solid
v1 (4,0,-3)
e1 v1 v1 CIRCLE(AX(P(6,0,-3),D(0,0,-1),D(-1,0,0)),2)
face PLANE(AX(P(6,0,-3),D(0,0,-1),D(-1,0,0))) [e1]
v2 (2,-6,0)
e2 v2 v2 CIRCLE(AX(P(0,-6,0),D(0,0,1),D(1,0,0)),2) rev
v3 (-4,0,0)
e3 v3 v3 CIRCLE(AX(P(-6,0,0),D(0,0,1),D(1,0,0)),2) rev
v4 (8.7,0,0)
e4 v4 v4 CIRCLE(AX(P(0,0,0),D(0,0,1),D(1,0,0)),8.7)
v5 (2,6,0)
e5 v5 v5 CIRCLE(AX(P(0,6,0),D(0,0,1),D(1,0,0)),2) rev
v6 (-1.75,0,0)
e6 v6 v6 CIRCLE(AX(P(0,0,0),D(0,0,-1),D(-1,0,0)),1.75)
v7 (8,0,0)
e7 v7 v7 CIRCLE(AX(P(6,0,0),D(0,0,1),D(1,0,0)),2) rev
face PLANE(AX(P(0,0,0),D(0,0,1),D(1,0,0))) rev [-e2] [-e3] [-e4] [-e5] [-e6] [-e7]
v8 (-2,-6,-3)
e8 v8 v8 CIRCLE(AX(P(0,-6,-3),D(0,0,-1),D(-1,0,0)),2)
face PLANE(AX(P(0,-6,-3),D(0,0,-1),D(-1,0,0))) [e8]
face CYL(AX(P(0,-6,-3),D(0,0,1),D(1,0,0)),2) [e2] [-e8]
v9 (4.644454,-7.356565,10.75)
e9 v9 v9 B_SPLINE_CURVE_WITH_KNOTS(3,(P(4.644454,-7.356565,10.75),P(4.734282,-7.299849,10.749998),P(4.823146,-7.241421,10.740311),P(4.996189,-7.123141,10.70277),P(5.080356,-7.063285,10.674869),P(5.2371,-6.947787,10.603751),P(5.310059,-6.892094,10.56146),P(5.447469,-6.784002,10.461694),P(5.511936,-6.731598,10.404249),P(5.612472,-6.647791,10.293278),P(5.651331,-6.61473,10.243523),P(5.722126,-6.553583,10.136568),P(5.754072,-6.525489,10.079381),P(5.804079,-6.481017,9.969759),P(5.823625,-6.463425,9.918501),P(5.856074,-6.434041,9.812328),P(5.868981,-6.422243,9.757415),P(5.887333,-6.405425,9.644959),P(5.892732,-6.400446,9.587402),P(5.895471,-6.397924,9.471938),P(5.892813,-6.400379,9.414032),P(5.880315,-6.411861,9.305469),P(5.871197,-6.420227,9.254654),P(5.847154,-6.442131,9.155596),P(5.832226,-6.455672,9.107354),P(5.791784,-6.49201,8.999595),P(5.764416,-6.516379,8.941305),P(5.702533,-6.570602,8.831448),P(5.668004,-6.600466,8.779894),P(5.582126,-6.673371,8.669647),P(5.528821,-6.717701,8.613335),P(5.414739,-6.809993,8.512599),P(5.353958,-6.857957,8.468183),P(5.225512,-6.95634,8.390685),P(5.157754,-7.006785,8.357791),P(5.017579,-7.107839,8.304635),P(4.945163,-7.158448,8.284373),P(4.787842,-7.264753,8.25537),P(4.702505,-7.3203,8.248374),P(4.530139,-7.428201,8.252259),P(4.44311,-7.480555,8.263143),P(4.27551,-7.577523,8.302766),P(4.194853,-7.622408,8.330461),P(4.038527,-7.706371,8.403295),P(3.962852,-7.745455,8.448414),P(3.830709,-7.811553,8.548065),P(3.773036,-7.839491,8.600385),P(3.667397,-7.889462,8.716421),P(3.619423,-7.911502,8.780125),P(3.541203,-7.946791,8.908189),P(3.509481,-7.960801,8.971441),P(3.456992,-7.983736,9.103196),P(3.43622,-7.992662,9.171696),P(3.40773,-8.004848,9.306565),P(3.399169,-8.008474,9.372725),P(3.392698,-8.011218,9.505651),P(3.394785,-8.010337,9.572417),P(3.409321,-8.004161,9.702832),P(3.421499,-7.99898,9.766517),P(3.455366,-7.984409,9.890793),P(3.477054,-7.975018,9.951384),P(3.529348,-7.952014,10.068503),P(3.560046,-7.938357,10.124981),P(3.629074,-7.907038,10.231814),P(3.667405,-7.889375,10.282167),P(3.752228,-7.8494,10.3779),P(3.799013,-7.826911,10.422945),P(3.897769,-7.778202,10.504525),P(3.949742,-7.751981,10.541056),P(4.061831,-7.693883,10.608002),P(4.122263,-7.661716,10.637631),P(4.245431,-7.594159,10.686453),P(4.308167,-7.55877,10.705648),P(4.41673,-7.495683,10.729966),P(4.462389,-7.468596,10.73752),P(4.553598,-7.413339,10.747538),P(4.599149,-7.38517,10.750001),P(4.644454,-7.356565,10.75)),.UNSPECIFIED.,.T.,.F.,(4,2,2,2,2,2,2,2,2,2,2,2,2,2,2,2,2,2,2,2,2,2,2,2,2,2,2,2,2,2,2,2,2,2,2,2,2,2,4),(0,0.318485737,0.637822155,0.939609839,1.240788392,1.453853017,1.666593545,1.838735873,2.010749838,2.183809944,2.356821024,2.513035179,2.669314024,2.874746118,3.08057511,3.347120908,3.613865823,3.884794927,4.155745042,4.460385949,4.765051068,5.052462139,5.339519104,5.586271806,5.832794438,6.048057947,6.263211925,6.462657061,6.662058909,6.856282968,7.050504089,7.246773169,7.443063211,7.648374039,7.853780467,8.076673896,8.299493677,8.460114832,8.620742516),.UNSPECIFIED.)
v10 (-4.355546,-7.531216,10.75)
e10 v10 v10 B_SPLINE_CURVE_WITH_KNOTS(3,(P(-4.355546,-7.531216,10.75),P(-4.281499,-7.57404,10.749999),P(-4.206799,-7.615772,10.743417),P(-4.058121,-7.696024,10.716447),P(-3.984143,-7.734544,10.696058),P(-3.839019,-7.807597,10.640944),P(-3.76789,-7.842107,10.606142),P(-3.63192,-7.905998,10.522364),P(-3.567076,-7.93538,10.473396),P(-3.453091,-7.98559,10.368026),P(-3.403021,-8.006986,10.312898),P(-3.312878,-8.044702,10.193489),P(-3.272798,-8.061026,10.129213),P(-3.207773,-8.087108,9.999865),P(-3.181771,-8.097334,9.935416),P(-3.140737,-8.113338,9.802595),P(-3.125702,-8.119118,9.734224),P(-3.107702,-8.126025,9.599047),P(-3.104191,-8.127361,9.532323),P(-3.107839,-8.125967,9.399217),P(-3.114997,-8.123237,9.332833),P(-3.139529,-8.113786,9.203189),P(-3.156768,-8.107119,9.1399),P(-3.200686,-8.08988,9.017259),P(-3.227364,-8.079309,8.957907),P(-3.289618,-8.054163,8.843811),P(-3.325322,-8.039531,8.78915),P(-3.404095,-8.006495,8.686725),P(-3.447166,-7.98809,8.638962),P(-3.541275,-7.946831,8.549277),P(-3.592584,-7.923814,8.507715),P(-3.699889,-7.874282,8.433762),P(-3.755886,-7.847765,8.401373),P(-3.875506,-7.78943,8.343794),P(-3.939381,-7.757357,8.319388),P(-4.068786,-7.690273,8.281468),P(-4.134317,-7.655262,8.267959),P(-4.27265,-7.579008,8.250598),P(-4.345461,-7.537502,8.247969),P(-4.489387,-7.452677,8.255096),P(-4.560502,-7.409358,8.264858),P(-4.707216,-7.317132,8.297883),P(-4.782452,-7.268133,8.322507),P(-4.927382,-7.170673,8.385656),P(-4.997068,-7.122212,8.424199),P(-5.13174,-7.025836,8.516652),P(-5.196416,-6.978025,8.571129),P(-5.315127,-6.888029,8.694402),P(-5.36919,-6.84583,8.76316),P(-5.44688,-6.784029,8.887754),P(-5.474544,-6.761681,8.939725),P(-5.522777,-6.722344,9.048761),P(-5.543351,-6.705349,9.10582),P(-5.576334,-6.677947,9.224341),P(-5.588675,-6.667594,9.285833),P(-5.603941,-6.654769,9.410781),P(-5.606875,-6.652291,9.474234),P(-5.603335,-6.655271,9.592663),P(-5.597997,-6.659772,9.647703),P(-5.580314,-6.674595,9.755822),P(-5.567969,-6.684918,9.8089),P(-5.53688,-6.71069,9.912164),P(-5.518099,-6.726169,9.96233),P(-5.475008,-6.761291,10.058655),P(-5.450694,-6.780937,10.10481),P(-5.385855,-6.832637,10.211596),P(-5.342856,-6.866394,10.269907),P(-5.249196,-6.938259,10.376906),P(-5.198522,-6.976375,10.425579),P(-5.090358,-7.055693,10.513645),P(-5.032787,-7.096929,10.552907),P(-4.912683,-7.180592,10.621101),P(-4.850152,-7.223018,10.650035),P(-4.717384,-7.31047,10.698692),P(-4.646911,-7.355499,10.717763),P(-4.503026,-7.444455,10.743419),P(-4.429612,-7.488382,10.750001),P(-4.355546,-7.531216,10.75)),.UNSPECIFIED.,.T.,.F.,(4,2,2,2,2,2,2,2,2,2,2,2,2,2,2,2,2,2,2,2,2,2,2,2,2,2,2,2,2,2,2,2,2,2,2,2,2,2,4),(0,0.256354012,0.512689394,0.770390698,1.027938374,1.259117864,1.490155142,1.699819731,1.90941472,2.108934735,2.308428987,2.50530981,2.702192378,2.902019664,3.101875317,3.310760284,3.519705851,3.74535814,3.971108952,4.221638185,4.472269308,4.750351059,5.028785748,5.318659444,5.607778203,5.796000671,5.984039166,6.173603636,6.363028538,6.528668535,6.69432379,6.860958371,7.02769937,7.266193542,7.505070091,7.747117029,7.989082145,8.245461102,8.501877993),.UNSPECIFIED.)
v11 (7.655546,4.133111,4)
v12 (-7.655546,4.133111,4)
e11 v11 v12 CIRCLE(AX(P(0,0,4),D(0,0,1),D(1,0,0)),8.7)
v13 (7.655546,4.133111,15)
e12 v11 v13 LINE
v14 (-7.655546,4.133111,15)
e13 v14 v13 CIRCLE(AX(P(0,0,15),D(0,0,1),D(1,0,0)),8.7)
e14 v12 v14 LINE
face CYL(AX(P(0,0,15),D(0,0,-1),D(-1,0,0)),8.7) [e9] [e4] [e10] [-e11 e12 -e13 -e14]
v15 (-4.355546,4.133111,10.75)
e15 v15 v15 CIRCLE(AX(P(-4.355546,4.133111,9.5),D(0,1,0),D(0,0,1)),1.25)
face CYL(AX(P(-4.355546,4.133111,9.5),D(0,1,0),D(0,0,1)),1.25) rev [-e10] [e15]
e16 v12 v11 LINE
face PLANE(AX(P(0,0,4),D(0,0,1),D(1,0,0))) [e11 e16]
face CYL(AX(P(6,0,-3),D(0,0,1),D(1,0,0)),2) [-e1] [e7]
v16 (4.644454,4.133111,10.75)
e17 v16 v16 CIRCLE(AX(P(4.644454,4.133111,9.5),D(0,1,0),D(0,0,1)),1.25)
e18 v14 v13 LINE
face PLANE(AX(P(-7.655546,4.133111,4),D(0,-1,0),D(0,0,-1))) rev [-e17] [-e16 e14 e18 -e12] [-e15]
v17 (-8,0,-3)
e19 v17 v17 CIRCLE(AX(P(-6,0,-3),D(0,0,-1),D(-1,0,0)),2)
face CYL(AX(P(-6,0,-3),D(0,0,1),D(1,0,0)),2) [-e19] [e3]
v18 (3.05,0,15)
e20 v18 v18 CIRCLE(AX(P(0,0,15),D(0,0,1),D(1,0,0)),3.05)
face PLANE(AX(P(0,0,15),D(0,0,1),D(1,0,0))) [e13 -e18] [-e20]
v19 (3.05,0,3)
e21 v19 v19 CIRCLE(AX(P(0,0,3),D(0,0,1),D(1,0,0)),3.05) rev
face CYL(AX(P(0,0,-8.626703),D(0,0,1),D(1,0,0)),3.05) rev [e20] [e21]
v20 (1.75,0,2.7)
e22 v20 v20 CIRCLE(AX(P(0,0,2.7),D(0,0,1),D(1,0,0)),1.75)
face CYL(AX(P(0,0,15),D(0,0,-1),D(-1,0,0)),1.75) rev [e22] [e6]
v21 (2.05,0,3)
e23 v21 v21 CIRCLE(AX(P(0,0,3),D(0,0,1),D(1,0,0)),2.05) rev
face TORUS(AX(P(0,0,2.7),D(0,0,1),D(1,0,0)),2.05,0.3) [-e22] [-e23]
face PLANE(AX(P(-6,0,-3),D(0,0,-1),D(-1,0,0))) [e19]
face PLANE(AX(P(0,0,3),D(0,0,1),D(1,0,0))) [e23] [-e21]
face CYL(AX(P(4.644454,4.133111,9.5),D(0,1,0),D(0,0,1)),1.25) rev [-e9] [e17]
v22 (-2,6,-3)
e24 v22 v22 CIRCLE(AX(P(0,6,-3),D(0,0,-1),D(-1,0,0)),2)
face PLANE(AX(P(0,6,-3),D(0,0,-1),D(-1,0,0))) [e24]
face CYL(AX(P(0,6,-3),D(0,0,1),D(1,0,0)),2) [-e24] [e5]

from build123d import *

# Parameters (mm, degrees)
SKETCH1_R                   = 8.7
BOSS_EXTRUDE1_DEPTH         = 15
SKETCH5_R                   = 1.75
CUT_EXTRUDE1_DEPTH          = 20.400515457
SKETCH6_R                   = 3.05
CUT_EXTRUDE3_DEPTH          = 12
SKETCH2_W                   = 17
SKETCH2_H                   = 4.566888769
CUT_EXTRUDE4_DEPTH          = 11
FILLET1_R                   = 0.3
TAP_DRILL_FOR_M3X0_5_TAP1_D = 2.5
SKETCH4_R                   = 2
BOSS_EXTRUDE2_DEPTH         = 3


with BuildPart() as part:
    # Sketch1 → Boss-Extrude1 (new body)
    with BuildSketch(Plane.XY):
        Circle(SKETCH1_R)
    extrude(amount=BOSS_EXTRUDE1_DEPTH)

    # Sketch5 → Cut-Extrude1 (cut, through all)
    with BuildSketch(Plane(origin=(0, 0, 0), x_dir=(-1, 0, 0), z_dir=(0, 0, -1))):
        Circle(SKETCH5_R)
    extrude(amount=-CUT_EXTRUDE1_DEPTH, mode=Mode.SUBTRACT)

    # Sketch6 → Cut-Extrude3 (cut)
    with BuildSketch(Plane.XY.offset(15)):
        Circle(SKETCH6_R)
    extrude(amount=-CUT_EXTRUDE3_DEPTH, mode=Mode.SUBTRACT)

    # Sketch2 → Cut-Extrude4 (cut)
    with BuildSketch(Plane.XY.offset(15)):
        with Locations((0.844453543, 6.416555616)):
            Rectangle(SKETCH2_W, SKETCH2_H)
    extrude(amount=-CUT_EXTRUDE4_DEPTH, mode=Mode.SUBTRACT)

    # Fillet1
    fillet1_edges = [part.edges().sort_by_distance(p)[0] for p in [
        (1.75, 0, 3),
    ]]
    fillet(fillet1_edges, radius=FILLET1_R)

    # Tap Drill for M3x0.5 Tap1 (through all)
    with Locations(Plane(origin=(0, 4.133111231, 0), x_dir=(1, 0, 0), z_dir=(0, 1, 0))):
        with Locations((-4.355546457, -9.5), (4.644453543, -9.5)):
            Hole(TAP_DRILL_FOR_M3X0_5_TAP1_D / 2)

    # Sketch4 → Boss-Extrude2 (add)
    with BuildSketch(Plane(origin=(0, 0, 0), x_dir=(-1, 0, 0), z_dir=(0, 0, -1))):
        with Locations(Location((0, 6, 0), (0, 0, 180))):
            Circle(SKETCH4_R)
        with Locations(Location((6, 0, 0), (0, 0, 180))):
            Circle(SKETCH4_R)
        with Locations(Location((0, -6, 0), (0, 0, 180))):
            Circle(SKETCH4_R)
        with Locations(Location((-6, 0, 0), (0, 0, 180))):
            Circle(SKETCH4_R)
    extrude(amount=BOSS_EXTRUDE2_DEPTH)


solid = part.part
